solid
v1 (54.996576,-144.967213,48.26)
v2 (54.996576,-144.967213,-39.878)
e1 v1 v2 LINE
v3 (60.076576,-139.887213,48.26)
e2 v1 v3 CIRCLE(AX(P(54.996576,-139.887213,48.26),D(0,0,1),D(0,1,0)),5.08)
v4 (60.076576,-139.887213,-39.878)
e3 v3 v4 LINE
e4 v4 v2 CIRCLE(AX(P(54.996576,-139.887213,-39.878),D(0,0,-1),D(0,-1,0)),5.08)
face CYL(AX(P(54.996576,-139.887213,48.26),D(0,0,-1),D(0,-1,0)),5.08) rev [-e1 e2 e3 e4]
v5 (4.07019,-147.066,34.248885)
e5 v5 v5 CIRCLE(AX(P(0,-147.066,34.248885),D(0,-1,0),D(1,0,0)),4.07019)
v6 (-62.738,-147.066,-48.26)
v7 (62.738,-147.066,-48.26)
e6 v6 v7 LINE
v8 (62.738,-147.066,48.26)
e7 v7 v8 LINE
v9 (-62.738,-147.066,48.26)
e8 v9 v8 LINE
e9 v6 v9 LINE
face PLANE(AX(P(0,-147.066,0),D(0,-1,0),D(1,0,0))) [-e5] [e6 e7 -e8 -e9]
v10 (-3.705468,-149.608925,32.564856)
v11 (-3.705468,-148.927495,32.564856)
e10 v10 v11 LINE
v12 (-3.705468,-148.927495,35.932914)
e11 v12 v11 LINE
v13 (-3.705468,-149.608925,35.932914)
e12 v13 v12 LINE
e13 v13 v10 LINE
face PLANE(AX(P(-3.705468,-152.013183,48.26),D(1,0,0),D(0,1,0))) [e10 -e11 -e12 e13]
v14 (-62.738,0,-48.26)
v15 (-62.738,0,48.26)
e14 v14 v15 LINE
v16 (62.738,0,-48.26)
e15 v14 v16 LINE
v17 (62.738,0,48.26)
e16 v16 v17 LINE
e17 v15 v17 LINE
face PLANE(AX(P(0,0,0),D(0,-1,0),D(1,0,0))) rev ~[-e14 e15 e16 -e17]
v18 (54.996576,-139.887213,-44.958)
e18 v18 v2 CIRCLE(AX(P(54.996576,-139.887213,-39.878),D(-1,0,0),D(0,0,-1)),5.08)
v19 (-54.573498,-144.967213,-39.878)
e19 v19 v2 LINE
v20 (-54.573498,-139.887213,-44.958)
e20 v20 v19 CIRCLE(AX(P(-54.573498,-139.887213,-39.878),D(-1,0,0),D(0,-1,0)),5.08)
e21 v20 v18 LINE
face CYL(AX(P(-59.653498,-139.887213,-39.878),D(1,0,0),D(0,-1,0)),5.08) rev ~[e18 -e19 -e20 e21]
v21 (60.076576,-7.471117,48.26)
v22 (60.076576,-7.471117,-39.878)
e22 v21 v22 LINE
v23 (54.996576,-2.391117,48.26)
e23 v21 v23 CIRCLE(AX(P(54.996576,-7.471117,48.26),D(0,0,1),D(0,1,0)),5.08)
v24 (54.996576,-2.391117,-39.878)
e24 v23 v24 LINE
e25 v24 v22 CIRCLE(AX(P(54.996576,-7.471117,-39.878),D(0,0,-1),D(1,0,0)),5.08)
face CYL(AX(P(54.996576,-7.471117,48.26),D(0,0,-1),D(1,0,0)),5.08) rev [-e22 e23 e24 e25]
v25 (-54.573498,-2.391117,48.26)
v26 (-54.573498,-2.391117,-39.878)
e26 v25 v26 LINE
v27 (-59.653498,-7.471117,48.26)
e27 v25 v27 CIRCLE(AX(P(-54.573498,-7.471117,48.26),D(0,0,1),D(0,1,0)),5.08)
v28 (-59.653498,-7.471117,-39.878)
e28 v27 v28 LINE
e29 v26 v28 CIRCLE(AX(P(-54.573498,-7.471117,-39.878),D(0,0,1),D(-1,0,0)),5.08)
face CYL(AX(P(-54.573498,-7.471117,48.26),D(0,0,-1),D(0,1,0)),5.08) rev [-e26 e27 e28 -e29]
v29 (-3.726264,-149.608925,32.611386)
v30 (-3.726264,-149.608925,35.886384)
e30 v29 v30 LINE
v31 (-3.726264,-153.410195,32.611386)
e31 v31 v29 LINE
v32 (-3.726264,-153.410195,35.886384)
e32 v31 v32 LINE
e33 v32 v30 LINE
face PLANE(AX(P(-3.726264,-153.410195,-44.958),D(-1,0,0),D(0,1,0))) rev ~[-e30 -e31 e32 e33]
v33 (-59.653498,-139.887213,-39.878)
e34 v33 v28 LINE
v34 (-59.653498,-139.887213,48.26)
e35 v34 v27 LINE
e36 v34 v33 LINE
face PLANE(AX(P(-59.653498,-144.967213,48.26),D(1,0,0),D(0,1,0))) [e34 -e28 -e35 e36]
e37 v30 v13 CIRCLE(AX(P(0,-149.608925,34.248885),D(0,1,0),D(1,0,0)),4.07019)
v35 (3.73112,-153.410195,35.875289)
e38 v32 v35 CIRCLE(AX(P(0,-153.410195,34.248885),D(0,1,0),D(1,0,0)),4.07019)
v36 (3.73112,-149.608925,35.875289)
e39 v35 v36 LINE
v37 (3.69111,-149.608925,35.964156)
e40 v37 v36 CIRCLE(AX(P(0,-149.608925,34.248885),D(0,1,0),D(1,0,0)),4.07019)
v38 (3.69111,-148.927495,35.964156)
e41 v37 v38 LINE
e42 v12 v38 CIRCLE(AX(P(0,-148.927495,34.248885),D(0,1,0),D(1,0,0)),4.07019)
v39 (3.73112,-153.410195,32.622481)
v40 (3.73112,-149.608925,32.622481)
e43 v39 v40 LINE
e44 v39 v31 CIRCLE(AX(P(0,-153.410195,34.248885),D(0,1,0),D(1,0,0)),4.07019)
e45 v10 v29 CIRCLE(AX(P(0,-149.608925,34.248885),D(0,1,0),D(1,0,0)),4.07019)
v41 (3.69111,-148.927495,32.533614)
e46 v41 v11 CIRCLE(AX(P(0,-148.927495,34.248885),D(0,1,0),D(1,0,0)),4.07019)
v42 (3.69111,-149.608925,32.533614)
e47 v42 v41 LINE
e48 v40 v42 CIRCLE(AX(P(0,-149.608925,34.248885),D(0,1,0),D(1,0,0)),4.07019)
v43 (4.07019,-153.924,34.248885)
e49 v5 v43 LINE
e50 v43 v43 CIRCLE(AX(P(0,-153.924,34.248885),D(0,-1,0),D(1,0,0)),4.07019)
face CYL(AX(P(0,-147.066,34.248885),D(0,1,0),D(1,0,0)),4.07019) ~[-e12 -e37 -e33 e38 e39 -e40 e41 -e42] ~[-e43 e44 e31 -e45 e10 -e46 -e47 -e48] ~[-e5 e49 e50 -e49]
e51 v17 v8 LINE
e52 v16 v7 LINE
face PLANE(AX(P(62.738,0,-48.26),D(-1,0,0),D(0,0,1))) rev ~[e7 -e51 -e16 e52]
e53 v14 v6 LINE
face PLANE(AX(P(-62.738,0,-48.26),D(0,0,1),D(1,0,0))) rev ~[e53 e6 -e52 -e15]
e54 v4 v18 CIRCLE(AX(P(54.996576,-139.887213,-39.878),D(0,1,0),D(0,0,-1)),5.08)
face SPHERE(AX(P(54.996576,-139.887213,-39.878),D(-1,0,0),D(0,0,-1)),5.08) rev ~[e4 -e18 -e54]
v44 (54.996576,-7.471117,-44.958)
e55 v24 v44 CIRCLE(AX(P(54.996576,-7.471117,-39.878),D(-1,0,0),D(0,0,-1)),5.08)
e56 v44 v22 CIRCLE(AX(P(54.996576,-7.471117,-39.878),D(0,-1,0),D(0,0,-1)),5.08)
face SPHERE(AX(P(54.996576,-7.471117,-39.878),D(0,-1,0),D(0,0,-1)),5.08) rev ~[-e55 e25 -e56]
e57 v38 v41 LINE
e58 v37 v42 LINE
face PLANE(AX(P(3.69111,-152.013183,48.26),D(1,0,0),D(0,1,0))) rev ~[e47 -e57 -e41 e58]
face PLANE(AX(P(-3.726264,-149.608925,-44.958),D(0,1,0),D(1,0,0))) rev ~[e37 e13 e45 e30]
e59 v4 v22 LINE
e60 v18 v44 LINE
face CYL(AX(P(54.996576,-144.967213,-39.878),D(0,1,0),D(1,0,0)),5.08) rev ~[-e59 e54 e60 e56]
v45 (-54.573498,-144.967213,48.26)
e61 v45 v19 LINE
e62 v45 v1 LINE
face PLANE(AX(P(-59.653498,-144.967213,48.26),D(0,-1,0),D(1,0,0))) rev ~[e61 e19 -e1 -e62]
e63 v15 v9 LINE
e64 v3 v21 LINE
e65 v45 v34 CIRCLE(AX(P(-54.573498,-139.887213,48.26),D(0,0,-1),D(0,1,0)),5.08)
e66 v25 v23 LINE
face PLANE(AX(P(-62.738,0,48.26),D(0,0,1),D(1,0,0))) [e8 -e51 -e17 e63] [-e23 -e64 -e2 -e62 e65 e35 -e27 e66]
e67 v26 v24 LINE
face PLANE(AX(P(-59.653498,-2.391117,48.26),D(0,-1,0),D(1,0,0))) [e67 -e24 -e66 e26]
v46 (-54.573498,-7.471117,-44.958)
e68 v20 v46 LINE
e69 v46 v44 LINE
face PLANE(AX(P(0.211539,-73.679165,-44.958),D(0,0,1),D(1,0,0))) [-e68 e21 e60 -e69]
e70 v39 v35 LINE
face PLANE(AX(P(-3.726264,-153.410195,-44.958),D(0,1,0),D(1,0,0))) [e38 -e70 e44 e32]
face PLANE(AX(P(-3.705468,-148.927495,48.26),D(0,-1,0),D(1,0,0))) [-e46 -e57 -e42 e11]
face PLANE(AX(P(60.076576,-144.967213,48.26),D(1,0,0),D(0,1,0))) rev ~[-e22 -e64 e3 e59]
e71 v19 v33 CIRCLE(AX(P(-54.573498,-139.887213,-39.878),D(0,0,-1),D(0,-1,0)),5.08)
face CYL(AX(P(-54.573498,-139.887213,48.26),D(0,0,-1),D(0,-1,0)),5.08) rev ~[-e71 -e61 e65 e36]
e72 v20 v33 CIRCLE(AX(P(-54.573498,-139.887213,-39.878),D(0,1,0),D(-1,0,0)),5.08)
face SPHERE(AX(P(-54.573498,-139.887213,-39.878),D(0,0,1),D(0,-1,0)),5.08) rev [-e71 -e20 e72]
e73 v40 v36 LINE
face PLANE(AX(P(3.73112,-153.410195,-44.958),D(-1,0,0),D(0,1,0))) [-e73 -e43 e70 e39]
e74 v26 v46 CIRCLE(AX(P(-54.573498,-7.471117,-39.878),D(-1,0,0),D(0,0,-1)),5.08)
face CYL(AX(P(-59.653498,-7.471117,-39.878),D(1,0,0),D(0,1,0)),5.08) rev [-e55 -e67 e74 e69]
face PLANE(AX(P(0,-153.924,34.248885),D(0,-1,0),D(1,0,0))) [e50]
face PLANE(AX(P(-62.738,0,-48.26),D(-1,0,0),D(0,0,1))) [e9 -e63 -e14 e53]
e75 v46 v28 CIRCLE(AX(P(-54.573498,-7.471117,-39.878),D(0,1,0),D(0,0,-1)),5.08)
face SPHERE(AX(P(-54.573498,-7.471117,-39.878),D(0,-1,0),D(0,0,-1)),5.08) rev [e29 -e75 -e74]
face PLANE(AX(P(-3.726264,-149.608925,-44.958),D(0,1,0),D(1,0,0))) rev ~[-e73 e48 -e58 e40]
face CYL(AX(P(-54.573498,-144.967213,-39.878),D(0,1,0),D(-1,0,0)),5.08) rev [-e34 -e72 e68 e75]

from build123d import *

# Parameters (mm, degrees)
F0_W     = 125.476
F0_H     = 96.52
F1_DEPTH = 147.066
F2_W     = 119.730074
F2_H     = 142.576096
F3_DEPTH = 93.218
F4_R     = 4.07019
F5_DEPTH = 6.858
F6_W     = 7.457384
F6_H     = 3.801271
F7_DEPTH = 93.219
F8_W     = 7.396578
F8_H     = 3.085688
F9_DEPTH = 96.521
F10_R    = 5.08


with BuildPart() as f1:
    # F0 (on Front) → F1 (new body)
    with BuildSketch(Plane.XZ):
        Rectangle(F0_W, F0_H)
    extrude(amount=F1_DEPTH)

    # F2 (on face) → F3 (cut)
    with BuildSketch(Plane.XY.offset(48.26)):
        with Locations((0.211539, -73.679165)):
            Rectangle(F2_W, F2_H)
    extrude(amount=-F3_DEPTH, mode=Mode.SUBTRACT)

    # F4 (on face) → F5 (join)
    with BuildSketch(Plane.XZ.offset(147.066)):
        with Locations((0, 34.248885)):
            Circle(F4_R)
    extrude(amount=F5_DEPTH)

    # F6 (on face) → F7 (cut, through all)
    with BuildSketch(Plane.XY.offset(-44.958)):
        with Locations((0.002428, -151.50956)):
            Rectangle(F6_W, F6_H)
    extrude(amount=F7_DEPTH, mode=Mode.SUBTRACT)

    # F8 (on face) → F9 (cut, through all)
    with BuildSketch(Plane.XY.offset(48.26)):
        with Locations((-0.007179, -150.470339)):
            Rectangle(F8_W, F8_H)
    extrude(amount=-F9_DEPTH, mode=Mode.SUBTRACT)

    # F10
    f10_edges = [f1.edges().sort_by_distance(p)[0] for p in [
        (-59.653498, -144.967213, 1.651),
        (0.211539, -144.967213, -44.958),
        (-59.653498, -73.679165, -44.958),
        (60.076576, -73.679165, -44.958),
        (60.076576, -144.967213, 1.651),
        (0.211539, -2.391117, -44.958),
        (-59.653498, -2.391117, 1.651),
        (60.076576, -2.391117, 1.651),
    ]]
    fillet(f10_edges, radius=F10_R)


solid = f1.part
